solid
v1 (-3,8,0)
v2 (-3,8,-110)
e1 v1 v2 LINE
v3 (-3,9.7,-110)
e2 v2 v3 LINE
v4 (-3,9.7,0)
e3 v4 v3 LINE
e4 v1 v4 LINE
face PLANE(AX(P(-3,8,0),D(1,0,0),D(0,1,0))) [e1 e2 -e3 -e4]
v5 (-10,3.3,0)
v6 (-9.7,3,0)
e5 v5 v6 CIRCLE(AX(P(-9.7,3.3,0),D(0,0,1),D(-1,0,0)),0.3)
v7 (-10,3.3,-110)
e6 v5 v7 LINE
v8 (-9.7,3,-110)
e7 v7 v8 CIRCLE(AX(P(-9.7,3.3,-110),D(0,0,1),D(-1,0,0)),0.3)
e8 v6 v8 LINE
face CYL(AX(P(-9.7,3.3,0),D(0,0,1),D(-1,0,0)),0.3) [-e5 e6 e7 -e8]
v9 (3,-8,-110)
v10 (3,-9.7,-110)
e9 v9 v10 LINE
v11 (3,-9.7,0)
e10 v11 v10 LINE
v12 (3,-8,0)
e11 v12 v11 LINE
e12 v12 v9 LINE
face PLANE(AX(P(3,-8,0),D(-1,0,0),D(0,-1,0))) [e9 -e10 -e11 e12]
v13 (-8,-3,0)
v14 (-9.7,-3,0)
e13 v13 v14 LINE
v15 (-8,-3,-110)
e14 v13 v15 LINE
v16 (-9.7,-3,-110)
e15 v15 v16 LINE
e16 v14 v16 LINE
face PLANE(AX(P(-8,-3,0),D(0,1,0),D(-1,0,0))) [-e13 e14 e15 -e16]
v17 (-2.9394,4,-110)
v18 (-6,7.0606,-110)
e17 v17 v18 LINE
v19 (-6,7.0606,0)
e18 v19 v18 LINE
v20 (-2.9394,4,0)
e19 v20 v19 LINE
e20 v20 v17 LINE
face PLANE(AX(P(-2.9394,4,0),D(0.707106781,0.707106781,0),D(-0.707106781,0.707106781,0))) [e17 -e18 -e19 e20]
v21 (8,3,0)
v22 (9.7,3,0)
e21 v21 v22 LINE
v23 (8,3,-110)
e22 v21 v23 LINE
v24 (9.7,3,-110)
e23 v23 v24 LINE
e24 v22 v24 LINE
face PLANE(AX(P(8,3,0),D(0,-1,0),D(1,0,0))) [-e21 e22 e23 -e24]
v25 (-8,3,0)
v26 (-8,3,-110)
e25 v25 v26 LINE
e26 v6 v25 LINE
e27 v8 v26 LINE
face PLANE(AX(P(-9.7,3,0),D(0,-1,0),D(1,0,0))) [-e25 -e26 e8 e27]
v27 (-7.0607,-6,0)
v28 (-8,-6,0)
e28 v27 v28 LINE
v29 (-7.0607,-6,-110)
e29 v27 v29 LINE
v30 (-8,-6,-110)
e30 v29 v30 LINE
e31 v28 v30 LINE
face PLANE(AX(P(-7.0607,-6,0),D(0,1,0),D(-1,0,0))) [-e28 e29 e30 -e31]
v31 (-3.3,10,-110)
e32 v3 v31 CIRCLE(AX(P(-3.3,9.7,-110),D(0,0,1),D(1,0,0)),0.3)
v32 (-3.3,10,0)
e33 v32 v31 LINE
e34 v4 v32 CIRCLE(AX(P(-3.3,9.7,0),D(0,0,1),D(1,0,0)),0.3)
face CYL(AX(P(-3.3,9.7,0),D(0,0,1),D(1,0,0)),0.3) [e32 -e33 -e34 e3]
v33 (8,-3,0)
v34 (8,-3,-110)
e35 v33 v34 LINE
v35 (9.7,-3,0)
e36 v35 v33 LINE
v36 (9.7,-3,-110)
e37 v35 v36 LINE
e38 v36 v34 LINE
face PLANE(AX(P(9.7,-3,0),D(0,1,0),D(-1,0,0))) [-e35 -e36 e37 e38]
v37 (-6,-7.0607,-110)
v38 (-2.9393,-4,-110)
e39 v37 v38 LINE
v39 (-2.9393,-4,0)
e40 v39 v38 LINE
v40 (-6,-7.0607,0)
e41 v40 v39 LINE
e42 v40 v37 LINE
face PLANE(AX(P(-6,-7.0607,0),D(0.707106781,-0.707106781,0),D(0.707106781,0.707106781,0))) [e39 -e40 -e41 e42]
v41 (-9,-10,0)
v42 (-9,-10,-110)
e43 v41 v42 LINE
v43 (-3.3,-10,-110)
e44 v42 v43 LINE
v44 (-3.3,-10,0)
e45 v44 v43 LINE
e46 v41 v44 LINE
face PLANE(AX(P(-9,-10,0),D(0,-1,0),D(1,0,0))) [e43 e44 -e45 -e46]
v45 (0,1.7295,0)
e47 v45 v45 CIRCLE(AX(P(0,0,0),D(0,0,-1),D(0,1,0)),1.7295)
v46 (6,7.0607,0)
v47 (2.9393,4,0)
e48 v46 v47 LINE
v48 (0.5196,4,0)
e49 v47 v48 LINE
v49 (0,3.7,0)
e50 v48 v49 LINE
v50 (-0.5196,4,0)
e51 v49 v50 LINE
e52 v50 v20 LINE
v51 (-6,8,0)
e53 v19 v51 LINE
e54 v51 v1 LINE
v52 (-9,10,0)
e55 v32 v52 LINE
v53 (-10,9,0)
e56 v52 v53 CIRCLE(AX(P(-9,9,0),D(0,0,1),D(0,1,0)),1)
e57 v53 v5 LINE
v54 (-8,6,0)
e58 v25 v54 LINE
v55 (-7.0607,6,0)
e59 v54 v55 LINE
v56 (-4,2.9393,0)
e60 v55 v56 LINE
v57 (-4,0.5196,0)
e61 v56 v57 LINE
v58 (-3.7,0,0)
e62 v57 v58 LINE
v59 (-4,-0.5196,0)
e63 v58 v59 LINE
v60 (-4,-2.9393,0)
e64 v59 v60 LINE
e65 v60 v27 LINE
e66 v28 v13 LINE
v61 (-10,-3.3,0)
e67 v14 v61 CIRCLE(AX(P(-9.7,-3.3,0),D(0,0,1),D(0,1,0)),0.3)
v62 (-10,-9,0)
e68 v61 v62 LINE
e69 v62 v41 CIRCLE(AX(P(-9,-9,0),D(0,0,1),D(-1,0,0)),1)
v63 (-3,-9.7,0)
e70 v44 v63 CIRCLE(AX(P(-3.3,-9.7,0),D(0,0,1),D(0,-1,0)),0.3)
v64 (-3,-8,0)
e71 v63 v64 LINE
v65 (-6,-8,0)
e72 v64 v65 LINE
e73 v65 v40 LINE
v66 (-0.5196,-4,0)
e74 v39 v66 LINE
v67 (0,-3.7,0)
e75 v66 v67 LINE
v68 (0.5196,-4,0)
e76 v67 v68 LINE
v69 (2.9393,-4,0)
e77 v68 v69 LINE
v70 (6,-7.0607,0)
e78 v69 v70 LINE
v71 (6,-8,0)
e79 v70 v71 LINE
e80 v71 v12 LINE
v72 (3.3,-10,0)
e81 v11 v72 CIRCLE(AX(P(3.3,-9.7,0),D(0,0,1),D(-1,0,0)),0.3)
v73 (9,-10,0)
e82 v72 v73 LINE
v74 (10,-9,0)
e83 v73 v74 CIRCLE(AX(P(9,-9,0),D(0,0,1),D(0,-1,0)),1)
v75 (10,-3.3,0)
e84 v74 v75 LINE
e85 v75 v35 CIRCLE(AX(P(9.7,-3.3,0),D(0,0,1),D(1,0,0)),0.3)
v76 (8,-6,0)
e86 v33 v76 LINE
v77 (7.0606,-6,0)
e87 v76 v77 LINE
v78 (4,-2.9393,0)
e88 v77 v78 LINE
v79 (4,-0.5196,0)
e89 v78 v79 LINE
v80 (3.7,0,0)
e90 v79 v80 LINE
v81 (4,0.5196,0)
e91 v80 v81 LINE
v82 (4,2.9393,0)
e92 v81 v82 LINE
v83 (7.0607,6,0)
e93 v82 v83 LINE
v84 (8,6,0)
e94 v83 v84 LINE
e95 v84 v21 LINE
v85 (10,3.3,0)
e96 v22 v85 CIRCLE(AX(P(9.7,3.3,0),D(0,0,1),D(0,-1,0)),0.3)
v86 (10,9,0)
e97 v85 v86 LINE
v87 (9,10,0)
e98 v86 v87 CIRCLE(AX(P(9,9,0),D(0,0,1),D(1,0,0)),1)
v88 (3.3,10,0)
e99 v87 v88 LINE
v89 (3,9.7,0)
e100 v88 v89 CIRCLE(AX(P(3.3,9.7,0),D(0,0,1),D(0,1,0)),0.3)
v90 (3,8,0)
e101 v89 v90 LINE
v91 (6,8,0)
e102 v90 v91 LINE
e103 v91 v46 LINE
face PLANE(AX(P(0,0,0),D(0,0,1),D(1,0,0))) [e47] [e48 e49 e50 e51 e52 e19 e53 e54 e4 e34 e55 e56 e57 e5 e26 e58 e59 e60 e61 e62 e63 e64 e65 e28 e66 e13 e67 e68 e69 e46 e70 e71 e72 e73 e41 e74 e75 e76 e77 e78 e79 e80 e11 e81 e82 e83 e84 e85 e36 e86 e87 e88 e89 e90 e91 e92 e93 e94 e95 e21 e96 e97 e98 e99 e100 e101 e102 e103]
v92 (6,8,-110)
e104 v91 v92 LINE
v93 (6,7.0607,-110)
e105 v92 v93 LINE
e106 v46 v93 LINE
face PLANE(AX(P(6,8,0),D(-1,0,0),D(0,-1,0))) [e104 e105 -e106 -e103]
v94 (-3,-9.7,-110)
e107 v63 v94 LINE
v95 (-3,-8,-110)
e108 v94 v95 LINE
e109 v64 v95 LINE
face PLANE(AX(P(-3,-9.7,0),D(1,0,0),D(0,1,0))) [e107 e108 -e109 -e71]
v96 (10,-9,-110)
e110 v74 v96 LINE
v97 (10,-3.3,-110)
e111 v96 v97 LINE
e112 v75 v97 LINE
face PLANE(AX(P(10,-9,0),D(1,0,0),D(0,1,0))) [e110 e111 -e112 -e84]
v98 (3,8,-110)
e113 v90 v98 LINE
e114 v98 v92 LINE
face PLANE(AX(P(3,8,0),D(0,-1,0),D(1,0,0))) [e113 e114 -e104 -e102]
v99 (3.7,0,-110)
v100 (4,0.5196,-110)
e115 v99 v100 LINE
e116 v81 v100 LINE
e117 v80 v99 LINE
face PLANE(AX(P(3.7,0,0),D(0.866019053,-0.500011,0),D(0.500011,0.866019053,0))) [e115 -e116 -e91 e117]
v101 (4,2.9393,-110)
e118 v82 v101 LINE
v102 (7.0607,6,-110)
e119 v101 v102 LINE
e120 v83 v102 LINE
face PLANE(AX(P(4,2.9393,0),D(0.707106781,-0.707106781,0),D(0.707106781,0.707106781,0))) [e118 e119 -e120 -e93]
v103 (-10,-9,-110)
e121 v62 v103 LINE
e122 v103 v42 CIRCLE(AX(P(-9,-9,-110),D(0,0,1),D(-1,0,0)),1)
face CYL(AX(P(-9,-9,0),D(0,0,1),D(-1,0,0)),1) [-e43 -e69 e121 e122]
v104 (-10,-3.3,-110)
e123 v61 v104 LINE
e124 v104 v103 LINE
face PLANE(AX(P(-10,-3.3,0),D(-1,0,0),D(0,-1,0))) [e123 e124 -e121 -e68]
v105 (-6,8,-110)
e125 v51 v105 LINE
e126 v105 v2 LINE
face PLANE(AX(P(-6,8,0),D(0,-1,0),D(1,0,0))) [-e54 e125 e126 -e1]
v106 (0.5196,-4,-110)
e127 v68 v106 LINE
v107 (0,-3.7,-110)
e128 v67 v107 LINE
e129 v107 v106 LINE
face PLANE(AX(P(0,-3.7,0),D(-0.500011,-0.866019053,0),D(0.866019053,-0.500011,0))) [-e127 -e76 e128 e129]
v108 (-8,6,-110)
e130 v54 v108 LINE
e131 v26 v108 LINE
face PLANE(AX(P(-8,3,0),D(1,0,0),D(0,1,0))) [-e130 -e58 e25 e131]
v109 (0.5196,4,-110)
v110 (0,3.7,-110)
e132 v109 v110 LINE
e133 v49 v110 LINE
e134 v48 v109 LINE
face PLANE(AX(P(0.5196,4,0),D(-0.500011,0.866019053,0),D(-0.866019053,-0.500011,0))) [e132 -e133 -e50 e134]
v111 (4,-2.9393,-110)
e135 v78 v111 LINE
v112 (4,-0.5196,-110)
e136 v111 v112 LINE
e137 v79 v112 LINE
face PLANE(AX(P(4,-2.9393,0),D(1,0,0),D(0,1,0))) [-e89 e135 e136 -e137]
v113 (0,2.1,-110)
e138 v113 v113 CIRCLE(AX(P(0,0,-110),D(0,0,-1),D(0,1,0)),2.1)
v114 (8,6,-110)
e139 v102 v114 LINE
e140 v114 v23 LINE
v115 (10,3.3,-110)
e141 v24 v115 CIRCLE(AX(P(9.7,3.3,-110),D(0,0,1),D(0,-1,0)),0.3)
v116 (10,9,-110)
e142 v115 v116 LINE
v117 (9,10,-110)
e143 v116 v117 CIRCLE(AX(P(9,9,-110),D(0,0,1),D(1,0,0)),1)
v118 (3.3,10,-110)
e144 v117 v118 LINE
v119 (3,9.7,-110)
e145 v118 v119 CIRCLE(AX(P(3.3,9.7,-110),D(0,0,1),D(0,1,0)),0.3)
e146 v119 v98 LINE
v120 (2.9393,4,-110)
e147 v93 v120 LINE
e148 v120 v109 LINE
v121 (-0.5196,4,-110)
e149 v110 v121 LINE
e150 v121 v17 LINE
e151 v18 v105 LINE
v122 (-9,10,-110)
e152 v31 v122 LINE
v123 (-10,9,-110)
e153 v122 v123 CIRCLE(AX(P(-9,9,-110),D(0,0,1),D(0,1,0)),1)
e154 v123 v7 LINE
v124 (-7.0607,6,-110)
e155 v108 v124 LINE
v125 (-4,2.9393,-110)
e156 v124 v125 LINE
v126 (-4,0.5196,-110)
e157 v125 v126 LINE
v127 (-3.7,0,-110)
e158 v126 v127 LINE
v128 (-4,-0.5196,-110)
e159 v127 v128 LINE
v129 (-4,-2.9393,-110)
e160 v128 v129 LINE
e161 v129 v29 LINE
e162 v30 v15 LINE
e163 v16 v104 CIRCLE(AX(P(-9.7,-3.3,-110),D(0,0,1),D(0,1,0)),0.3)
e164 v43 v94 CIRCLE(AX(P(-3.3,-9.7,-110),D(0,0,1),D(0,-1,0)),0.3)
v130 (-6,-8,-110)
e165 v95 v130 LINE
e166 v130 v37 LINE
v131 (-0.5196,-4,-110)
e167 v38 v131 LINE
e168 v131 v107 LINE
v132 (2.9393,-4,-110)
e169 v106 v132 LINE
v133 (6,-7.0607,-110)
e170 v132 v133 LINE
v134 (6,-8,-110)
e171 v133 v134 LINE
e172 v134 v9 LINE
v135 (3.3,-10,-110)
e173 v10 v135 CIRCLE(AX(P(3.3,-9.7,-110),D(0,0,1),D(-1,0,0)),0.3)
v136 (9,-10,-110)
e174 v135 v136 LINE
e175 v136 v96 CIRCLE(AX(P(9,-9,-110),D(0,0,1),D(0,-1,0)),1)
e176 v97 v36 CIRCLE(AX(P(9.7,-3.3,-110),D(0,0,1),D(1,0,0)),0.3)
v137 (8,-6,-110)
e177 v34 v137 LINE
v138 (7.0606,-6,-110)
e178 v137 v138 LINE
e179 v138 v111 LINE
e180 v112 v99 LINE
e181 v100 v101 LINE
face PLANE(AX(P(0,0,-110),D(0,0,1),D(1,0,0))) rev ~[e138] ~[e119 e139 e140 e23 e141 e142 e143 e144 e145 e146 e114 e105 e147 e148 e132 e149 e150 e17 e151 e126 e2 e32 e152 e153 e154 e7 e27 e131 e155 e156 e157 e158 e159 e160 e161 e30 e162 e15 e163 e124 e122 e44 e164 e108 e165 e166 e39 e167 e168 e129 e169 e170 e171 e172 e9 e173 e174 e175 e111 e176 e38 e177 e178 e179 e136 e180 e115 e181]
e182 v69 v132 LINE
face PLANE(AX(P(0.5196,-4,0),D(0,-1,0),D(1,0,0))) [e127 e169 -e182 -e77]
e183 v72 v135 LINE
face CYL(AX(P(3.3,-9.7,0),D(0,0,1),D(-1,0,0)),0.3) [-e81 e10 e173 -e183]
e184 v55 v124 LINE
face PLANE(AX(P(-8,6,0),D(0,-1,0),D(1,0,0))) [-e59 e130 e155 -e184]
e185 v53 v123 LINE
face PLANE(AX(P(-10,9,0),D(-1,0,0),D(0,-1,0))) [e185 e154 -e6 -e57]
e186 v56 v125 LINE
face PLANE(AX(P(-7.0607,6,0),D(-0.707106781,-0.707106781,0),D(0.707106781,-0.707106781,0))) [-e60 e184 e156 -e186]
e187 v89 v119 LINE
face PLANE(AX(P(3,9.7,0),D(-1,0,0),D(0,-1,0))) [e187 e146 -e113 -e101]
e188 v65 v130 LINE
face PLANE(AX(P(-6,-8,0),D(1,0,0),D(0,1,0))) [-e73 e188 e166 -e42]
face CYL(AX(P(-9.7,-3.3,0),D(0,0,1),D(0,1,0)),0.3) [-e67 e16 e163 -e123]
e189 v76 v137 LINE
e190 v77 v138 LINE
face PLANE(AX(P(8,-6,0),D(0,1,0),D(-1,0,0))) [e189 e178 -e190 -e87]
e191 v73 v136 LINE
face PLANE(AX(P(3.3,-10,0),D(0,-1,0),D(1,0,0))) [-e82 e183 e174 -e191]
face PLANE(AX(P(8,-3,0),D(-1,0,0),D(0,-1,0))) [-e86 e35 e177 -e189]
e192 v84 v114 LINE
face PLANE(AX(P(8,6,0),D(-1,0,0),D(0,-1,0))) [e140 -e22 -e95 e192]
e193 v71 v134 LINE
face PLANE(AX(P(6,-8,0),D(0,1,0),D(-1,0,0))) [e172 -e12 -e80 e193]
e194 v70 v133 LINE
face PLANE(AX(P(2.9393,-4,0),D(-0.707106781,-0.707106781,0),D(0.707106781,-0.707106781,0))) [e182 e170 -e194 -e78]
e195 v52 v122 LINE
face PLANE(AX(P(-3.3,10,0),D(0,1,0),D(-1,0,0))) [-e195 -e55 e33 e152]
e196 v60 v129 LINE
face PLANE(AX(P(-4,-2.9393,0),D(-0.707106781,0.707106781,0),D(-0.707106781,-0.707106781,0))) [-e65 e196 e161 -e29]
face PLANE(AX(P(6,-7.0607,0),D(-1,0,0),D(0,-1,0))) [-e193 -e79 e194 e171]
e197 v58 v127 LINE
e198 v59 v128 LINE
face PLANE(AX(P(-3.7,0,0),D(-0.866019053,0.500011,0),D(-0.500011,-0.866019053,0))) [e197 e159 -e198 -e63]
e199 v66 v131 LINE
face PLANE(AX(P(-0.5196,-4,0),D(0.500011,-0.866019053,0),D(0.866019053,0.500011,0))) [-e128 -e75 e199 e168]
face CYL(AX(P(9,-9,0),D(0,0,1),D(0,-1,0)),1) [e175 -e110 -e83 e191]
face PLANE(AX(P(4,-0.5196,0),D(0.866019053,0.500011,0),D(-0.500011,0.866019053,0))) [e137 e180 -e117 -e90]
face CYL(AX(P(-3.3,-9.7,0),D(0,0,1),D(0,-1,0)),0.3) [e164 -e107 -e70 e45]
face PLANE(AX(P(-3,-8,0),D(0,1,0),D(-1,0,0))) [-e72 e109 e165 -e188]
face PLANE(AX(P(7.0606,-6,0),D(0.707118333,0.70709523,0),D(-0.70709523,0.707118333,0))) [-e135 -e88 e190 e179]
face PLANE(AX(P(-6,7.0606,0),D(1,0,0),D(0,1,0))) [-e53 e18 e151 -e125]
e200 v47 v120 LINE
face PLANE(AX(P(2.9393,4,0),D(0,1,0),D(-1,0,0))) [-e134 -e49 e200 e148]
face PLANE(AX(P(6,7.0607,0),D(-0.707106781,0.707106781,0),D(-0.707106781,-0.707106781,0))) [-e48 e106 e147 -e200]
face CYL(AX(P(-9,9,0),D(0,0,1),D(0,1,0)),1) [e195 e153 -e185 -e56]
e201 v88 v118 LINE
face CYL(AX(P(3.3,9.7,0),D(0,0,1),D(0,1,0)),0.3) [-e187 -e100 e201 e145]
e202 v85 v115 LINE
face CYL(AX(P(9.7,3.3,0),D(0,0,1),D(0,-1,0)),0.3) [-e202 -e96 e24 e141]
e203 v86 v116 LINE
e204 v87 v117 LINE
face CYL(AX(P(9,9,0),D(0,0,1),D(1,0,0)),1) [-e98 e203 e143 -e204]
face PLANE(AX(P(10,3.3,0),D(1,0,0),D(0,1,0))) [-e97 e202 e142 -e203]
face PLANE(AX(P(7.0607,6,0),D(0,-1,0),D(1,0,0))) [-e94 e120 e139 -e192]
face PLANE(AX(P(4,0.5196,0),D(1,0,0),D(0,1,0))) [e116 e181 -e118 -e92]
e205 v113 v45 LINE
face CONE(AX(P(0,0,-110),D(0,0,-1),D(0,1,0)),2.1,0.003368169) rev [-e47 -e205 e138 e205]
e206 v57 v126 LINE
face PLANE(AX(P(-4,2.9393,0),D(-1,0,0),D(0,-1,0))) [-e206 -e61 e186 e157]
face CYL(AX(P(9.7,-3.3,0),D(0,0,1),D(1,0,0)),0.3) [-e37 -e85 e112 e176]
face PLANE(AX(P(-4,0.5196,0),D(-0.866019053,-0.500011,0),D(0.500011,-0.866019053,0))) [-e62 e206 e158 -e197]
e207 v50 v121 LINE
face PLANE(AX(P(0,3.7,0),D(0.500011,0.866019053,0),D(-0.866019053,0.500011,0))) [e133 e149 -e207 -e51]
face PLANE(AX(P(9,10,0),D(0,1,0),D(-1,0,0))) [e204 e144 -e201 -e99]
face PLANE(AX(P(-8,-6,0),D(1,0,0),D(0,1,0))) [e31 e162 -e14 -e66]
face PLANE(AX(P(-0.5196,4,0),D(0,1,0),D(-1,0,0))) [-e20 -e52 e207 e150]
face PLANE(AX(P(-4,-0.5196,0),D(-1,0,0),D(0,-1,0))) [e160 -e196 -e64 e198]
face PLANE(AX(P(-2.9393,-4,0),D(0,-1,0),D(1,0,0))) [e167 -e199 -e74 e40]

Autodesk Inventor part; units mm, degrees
sketch "Sketch_1" plane through (0, 0, 0) normal (0, 0, 1) x (1, 0, 0)
  line L0 (-10, 9) -> (-10, 3.3)
  arc A0 (-10, 3.3) -> (-9.7, 3) centre (-9.7, 3.3) ccw
  line L1 (-9.7, 3) -> (-8, 3)
  line L2 (-8, 3) -> (-8, 6)
  line L3 (-8, 6) -> (-7.0607, 6)
  line L4 (-7.0607, 6) -> (-4, 2.9393)
  line L5 (-4, 2.9393) -> (-4, 0.5196)
  line L6 (-4, 0.5196) -> (-3.7, 0)
  line L7 (-3.7, 0) -> (-4, -0.5196)
  line L8 (-4, -0.5196) -> (-4, -2.9393)
  line L9 (-4, -2.9393) -> (-7.0607, -6)
  line L10 (-7.0607, -6) -> (-8, -6)
  line L11 (-8, -6) -> (-8, -3)
  line L12 (-8, -3) -> (-9.7, -3)
  arc A1 (-9.7, -3) -> (-10, -3.3) centre (-9.7, -3.3) ccw
  line L13 (-10, -3.3) -> (-10, -9)
  arc A2 (-10, -9) -> (-9, -10) centre (-9, -9) ccw
  line L14 (-9, -10) -> (-3.3, -10)
  arc A3 (-3.3, -10) -> (-3, -9.7) centre (-3.3, -9.7) ccw
  line L15 (-3, -9.7) -> (-3, -8)
  line L16 (-3, -8) -> (-6, -8)
  line L17 (-6, -8) -> (-6, -7.0607)
  line L18 (-6, -7.0607) -> (-2.9393, -4)
  line L19 (-2.9393, -4) -> (-0.5196, -4)
  line L20 (-0.5196, -4) -> (0, -3.7)
  line L21 (0, -3.7) -> (0.5196, -4)
  line L22 (0.5196, -4) -> (2.9393, -4)
  line L23 (2.9393, -4) -> (6, -7.0607)
  line L24 (6, -7.0607) -> (6, -8)
  line L25 (6, -8) -> (3, -8)
  line L26 (3, -8) -> (3, -9.7)
  arc A4 (3, -9.7) -> (3.3, -10) centre (3.3, -9.7) ccw
  line L27 (3.3, -10) -> (9, -10)
  arc A5 (9, -10) -> (10, -9) centre (9, -9) ccw
  line L28 (10, -9) -> (10, -3.3)
  arc A6 (10, -3.3) -> (9.7, -3) centre (9.7, -3.3) ccw
  line L29 (9.7, -3) -> (8, -3)
  line L30 (8, -3) -> (8, -6)
  line L31 (8, -6) -> (7.0606, -6)
  line L32 (7.0606, -6) -> (4, -2.9393)
  line L33 (4, -2.9393) -> (4, -0.5196)
  line L34 (4, -0.5196) -> (3.7, 0)
  line L35 (3.7, 0) -> (4, 0.5196)
  line L36 (4, 0.5196) -> (4, 2.9393)
  line L37 (4, 2.9393) -> (7.0607, 6)
  line L38 (7.0607, 6) -> (8, 6)
  line L39 (8, 6) -> (8, 3)
  line L40 (8, 3) -> (9.7, 3)
  arc A7 (9.7, 3) -> (10, 3.3) centre (9.7, 3.3) ccw
  line L41 (10, 3.3) -> (10, 9)
  arc A8 (10, 9) -> (9, 10) centre (9, 9) ccw
  line L42 (9, 10) -> (3.3, 10)
  arc A9 (3.3, 10) -> (3, 9.7) centre (3.3, 9.7) ccw
  line L43 (3, 9.7) -> (3, 8)
  line L44 (3, 8) -> (6, 8)
  line L45 (6, 8) -> (6, 7.0607)
  line L46 (6, 7.0607) -> (2.9393, 4)
  line L47 (2.9393, 4) -> (0.5196, 4)
  line L48 (0.5196, 4) -> (0, 3.7)
  line L49 (0, 3.7) -> (-0.5196, 4)
  line L50 (-0.5196, 4) -> (-2.9394, 4)
  line L51 (-2.9394, 4) -> (-6, 7.0606)
  line L52 (-6, 7.0606) -> (-6, 8)
  line L53 (-6, 8) -> (-3, 8)
  line L54 (-3, 8) -> (-3, 9.7)
  arc A10 (-3, 9.7) -> (-3.3, 10) centre (-3.3, 9.7) ccw
  line L55 (-3.3, 10) -> (-9, 10)
  arc A11 (-9, 10) -> (-10, 9) centre (-9, 9) ccw
extrude "Extrusion1" add sketch "Sketch_1" against normal blind 110
sketch "Sketch_2" plane through (0, 0, 0) normal (1, 0, 0) x (0, 0, -1)
  line L0 (110, -2.9393) -> (110, -0.5196) projected
  line L1 (0, 0.5196) -> (0, 2.9393) projected
  line L2 (0, 0) -> (0, 0.5196) projected
  line L3 (0, 0) -> (110, 0)
  line L4 (110, 0) -> (110, 2.1)
  line L5 (110, 0.5196) -> (110, 2.9393) projected
  line L6 (110, 2.1) -> (0, 1.7295)
  line L7 (0, 1.7295) -> (0, 0)
  dimension "d3" = 2.1
ref_plane "C1_XY" through (0, 0, 0) normal (0, 0, 1) x (1, 0, 0)
ref_plane "C1_YZ" through (0, 0, 0) normal (1, 0, 0) x (0, 1, 0)
ref_plane "C1_ZX" through (0, 0, 0) normal (0, 1, 0) x (0, 0, 1)
revolve "Revolution2" cut sketch "Sketch_2" angle 360 about axis through (0, 0, 0) along (0, 0, -1)
properties part number "ZBedSupportLateral" material "Aluminum 6061"
